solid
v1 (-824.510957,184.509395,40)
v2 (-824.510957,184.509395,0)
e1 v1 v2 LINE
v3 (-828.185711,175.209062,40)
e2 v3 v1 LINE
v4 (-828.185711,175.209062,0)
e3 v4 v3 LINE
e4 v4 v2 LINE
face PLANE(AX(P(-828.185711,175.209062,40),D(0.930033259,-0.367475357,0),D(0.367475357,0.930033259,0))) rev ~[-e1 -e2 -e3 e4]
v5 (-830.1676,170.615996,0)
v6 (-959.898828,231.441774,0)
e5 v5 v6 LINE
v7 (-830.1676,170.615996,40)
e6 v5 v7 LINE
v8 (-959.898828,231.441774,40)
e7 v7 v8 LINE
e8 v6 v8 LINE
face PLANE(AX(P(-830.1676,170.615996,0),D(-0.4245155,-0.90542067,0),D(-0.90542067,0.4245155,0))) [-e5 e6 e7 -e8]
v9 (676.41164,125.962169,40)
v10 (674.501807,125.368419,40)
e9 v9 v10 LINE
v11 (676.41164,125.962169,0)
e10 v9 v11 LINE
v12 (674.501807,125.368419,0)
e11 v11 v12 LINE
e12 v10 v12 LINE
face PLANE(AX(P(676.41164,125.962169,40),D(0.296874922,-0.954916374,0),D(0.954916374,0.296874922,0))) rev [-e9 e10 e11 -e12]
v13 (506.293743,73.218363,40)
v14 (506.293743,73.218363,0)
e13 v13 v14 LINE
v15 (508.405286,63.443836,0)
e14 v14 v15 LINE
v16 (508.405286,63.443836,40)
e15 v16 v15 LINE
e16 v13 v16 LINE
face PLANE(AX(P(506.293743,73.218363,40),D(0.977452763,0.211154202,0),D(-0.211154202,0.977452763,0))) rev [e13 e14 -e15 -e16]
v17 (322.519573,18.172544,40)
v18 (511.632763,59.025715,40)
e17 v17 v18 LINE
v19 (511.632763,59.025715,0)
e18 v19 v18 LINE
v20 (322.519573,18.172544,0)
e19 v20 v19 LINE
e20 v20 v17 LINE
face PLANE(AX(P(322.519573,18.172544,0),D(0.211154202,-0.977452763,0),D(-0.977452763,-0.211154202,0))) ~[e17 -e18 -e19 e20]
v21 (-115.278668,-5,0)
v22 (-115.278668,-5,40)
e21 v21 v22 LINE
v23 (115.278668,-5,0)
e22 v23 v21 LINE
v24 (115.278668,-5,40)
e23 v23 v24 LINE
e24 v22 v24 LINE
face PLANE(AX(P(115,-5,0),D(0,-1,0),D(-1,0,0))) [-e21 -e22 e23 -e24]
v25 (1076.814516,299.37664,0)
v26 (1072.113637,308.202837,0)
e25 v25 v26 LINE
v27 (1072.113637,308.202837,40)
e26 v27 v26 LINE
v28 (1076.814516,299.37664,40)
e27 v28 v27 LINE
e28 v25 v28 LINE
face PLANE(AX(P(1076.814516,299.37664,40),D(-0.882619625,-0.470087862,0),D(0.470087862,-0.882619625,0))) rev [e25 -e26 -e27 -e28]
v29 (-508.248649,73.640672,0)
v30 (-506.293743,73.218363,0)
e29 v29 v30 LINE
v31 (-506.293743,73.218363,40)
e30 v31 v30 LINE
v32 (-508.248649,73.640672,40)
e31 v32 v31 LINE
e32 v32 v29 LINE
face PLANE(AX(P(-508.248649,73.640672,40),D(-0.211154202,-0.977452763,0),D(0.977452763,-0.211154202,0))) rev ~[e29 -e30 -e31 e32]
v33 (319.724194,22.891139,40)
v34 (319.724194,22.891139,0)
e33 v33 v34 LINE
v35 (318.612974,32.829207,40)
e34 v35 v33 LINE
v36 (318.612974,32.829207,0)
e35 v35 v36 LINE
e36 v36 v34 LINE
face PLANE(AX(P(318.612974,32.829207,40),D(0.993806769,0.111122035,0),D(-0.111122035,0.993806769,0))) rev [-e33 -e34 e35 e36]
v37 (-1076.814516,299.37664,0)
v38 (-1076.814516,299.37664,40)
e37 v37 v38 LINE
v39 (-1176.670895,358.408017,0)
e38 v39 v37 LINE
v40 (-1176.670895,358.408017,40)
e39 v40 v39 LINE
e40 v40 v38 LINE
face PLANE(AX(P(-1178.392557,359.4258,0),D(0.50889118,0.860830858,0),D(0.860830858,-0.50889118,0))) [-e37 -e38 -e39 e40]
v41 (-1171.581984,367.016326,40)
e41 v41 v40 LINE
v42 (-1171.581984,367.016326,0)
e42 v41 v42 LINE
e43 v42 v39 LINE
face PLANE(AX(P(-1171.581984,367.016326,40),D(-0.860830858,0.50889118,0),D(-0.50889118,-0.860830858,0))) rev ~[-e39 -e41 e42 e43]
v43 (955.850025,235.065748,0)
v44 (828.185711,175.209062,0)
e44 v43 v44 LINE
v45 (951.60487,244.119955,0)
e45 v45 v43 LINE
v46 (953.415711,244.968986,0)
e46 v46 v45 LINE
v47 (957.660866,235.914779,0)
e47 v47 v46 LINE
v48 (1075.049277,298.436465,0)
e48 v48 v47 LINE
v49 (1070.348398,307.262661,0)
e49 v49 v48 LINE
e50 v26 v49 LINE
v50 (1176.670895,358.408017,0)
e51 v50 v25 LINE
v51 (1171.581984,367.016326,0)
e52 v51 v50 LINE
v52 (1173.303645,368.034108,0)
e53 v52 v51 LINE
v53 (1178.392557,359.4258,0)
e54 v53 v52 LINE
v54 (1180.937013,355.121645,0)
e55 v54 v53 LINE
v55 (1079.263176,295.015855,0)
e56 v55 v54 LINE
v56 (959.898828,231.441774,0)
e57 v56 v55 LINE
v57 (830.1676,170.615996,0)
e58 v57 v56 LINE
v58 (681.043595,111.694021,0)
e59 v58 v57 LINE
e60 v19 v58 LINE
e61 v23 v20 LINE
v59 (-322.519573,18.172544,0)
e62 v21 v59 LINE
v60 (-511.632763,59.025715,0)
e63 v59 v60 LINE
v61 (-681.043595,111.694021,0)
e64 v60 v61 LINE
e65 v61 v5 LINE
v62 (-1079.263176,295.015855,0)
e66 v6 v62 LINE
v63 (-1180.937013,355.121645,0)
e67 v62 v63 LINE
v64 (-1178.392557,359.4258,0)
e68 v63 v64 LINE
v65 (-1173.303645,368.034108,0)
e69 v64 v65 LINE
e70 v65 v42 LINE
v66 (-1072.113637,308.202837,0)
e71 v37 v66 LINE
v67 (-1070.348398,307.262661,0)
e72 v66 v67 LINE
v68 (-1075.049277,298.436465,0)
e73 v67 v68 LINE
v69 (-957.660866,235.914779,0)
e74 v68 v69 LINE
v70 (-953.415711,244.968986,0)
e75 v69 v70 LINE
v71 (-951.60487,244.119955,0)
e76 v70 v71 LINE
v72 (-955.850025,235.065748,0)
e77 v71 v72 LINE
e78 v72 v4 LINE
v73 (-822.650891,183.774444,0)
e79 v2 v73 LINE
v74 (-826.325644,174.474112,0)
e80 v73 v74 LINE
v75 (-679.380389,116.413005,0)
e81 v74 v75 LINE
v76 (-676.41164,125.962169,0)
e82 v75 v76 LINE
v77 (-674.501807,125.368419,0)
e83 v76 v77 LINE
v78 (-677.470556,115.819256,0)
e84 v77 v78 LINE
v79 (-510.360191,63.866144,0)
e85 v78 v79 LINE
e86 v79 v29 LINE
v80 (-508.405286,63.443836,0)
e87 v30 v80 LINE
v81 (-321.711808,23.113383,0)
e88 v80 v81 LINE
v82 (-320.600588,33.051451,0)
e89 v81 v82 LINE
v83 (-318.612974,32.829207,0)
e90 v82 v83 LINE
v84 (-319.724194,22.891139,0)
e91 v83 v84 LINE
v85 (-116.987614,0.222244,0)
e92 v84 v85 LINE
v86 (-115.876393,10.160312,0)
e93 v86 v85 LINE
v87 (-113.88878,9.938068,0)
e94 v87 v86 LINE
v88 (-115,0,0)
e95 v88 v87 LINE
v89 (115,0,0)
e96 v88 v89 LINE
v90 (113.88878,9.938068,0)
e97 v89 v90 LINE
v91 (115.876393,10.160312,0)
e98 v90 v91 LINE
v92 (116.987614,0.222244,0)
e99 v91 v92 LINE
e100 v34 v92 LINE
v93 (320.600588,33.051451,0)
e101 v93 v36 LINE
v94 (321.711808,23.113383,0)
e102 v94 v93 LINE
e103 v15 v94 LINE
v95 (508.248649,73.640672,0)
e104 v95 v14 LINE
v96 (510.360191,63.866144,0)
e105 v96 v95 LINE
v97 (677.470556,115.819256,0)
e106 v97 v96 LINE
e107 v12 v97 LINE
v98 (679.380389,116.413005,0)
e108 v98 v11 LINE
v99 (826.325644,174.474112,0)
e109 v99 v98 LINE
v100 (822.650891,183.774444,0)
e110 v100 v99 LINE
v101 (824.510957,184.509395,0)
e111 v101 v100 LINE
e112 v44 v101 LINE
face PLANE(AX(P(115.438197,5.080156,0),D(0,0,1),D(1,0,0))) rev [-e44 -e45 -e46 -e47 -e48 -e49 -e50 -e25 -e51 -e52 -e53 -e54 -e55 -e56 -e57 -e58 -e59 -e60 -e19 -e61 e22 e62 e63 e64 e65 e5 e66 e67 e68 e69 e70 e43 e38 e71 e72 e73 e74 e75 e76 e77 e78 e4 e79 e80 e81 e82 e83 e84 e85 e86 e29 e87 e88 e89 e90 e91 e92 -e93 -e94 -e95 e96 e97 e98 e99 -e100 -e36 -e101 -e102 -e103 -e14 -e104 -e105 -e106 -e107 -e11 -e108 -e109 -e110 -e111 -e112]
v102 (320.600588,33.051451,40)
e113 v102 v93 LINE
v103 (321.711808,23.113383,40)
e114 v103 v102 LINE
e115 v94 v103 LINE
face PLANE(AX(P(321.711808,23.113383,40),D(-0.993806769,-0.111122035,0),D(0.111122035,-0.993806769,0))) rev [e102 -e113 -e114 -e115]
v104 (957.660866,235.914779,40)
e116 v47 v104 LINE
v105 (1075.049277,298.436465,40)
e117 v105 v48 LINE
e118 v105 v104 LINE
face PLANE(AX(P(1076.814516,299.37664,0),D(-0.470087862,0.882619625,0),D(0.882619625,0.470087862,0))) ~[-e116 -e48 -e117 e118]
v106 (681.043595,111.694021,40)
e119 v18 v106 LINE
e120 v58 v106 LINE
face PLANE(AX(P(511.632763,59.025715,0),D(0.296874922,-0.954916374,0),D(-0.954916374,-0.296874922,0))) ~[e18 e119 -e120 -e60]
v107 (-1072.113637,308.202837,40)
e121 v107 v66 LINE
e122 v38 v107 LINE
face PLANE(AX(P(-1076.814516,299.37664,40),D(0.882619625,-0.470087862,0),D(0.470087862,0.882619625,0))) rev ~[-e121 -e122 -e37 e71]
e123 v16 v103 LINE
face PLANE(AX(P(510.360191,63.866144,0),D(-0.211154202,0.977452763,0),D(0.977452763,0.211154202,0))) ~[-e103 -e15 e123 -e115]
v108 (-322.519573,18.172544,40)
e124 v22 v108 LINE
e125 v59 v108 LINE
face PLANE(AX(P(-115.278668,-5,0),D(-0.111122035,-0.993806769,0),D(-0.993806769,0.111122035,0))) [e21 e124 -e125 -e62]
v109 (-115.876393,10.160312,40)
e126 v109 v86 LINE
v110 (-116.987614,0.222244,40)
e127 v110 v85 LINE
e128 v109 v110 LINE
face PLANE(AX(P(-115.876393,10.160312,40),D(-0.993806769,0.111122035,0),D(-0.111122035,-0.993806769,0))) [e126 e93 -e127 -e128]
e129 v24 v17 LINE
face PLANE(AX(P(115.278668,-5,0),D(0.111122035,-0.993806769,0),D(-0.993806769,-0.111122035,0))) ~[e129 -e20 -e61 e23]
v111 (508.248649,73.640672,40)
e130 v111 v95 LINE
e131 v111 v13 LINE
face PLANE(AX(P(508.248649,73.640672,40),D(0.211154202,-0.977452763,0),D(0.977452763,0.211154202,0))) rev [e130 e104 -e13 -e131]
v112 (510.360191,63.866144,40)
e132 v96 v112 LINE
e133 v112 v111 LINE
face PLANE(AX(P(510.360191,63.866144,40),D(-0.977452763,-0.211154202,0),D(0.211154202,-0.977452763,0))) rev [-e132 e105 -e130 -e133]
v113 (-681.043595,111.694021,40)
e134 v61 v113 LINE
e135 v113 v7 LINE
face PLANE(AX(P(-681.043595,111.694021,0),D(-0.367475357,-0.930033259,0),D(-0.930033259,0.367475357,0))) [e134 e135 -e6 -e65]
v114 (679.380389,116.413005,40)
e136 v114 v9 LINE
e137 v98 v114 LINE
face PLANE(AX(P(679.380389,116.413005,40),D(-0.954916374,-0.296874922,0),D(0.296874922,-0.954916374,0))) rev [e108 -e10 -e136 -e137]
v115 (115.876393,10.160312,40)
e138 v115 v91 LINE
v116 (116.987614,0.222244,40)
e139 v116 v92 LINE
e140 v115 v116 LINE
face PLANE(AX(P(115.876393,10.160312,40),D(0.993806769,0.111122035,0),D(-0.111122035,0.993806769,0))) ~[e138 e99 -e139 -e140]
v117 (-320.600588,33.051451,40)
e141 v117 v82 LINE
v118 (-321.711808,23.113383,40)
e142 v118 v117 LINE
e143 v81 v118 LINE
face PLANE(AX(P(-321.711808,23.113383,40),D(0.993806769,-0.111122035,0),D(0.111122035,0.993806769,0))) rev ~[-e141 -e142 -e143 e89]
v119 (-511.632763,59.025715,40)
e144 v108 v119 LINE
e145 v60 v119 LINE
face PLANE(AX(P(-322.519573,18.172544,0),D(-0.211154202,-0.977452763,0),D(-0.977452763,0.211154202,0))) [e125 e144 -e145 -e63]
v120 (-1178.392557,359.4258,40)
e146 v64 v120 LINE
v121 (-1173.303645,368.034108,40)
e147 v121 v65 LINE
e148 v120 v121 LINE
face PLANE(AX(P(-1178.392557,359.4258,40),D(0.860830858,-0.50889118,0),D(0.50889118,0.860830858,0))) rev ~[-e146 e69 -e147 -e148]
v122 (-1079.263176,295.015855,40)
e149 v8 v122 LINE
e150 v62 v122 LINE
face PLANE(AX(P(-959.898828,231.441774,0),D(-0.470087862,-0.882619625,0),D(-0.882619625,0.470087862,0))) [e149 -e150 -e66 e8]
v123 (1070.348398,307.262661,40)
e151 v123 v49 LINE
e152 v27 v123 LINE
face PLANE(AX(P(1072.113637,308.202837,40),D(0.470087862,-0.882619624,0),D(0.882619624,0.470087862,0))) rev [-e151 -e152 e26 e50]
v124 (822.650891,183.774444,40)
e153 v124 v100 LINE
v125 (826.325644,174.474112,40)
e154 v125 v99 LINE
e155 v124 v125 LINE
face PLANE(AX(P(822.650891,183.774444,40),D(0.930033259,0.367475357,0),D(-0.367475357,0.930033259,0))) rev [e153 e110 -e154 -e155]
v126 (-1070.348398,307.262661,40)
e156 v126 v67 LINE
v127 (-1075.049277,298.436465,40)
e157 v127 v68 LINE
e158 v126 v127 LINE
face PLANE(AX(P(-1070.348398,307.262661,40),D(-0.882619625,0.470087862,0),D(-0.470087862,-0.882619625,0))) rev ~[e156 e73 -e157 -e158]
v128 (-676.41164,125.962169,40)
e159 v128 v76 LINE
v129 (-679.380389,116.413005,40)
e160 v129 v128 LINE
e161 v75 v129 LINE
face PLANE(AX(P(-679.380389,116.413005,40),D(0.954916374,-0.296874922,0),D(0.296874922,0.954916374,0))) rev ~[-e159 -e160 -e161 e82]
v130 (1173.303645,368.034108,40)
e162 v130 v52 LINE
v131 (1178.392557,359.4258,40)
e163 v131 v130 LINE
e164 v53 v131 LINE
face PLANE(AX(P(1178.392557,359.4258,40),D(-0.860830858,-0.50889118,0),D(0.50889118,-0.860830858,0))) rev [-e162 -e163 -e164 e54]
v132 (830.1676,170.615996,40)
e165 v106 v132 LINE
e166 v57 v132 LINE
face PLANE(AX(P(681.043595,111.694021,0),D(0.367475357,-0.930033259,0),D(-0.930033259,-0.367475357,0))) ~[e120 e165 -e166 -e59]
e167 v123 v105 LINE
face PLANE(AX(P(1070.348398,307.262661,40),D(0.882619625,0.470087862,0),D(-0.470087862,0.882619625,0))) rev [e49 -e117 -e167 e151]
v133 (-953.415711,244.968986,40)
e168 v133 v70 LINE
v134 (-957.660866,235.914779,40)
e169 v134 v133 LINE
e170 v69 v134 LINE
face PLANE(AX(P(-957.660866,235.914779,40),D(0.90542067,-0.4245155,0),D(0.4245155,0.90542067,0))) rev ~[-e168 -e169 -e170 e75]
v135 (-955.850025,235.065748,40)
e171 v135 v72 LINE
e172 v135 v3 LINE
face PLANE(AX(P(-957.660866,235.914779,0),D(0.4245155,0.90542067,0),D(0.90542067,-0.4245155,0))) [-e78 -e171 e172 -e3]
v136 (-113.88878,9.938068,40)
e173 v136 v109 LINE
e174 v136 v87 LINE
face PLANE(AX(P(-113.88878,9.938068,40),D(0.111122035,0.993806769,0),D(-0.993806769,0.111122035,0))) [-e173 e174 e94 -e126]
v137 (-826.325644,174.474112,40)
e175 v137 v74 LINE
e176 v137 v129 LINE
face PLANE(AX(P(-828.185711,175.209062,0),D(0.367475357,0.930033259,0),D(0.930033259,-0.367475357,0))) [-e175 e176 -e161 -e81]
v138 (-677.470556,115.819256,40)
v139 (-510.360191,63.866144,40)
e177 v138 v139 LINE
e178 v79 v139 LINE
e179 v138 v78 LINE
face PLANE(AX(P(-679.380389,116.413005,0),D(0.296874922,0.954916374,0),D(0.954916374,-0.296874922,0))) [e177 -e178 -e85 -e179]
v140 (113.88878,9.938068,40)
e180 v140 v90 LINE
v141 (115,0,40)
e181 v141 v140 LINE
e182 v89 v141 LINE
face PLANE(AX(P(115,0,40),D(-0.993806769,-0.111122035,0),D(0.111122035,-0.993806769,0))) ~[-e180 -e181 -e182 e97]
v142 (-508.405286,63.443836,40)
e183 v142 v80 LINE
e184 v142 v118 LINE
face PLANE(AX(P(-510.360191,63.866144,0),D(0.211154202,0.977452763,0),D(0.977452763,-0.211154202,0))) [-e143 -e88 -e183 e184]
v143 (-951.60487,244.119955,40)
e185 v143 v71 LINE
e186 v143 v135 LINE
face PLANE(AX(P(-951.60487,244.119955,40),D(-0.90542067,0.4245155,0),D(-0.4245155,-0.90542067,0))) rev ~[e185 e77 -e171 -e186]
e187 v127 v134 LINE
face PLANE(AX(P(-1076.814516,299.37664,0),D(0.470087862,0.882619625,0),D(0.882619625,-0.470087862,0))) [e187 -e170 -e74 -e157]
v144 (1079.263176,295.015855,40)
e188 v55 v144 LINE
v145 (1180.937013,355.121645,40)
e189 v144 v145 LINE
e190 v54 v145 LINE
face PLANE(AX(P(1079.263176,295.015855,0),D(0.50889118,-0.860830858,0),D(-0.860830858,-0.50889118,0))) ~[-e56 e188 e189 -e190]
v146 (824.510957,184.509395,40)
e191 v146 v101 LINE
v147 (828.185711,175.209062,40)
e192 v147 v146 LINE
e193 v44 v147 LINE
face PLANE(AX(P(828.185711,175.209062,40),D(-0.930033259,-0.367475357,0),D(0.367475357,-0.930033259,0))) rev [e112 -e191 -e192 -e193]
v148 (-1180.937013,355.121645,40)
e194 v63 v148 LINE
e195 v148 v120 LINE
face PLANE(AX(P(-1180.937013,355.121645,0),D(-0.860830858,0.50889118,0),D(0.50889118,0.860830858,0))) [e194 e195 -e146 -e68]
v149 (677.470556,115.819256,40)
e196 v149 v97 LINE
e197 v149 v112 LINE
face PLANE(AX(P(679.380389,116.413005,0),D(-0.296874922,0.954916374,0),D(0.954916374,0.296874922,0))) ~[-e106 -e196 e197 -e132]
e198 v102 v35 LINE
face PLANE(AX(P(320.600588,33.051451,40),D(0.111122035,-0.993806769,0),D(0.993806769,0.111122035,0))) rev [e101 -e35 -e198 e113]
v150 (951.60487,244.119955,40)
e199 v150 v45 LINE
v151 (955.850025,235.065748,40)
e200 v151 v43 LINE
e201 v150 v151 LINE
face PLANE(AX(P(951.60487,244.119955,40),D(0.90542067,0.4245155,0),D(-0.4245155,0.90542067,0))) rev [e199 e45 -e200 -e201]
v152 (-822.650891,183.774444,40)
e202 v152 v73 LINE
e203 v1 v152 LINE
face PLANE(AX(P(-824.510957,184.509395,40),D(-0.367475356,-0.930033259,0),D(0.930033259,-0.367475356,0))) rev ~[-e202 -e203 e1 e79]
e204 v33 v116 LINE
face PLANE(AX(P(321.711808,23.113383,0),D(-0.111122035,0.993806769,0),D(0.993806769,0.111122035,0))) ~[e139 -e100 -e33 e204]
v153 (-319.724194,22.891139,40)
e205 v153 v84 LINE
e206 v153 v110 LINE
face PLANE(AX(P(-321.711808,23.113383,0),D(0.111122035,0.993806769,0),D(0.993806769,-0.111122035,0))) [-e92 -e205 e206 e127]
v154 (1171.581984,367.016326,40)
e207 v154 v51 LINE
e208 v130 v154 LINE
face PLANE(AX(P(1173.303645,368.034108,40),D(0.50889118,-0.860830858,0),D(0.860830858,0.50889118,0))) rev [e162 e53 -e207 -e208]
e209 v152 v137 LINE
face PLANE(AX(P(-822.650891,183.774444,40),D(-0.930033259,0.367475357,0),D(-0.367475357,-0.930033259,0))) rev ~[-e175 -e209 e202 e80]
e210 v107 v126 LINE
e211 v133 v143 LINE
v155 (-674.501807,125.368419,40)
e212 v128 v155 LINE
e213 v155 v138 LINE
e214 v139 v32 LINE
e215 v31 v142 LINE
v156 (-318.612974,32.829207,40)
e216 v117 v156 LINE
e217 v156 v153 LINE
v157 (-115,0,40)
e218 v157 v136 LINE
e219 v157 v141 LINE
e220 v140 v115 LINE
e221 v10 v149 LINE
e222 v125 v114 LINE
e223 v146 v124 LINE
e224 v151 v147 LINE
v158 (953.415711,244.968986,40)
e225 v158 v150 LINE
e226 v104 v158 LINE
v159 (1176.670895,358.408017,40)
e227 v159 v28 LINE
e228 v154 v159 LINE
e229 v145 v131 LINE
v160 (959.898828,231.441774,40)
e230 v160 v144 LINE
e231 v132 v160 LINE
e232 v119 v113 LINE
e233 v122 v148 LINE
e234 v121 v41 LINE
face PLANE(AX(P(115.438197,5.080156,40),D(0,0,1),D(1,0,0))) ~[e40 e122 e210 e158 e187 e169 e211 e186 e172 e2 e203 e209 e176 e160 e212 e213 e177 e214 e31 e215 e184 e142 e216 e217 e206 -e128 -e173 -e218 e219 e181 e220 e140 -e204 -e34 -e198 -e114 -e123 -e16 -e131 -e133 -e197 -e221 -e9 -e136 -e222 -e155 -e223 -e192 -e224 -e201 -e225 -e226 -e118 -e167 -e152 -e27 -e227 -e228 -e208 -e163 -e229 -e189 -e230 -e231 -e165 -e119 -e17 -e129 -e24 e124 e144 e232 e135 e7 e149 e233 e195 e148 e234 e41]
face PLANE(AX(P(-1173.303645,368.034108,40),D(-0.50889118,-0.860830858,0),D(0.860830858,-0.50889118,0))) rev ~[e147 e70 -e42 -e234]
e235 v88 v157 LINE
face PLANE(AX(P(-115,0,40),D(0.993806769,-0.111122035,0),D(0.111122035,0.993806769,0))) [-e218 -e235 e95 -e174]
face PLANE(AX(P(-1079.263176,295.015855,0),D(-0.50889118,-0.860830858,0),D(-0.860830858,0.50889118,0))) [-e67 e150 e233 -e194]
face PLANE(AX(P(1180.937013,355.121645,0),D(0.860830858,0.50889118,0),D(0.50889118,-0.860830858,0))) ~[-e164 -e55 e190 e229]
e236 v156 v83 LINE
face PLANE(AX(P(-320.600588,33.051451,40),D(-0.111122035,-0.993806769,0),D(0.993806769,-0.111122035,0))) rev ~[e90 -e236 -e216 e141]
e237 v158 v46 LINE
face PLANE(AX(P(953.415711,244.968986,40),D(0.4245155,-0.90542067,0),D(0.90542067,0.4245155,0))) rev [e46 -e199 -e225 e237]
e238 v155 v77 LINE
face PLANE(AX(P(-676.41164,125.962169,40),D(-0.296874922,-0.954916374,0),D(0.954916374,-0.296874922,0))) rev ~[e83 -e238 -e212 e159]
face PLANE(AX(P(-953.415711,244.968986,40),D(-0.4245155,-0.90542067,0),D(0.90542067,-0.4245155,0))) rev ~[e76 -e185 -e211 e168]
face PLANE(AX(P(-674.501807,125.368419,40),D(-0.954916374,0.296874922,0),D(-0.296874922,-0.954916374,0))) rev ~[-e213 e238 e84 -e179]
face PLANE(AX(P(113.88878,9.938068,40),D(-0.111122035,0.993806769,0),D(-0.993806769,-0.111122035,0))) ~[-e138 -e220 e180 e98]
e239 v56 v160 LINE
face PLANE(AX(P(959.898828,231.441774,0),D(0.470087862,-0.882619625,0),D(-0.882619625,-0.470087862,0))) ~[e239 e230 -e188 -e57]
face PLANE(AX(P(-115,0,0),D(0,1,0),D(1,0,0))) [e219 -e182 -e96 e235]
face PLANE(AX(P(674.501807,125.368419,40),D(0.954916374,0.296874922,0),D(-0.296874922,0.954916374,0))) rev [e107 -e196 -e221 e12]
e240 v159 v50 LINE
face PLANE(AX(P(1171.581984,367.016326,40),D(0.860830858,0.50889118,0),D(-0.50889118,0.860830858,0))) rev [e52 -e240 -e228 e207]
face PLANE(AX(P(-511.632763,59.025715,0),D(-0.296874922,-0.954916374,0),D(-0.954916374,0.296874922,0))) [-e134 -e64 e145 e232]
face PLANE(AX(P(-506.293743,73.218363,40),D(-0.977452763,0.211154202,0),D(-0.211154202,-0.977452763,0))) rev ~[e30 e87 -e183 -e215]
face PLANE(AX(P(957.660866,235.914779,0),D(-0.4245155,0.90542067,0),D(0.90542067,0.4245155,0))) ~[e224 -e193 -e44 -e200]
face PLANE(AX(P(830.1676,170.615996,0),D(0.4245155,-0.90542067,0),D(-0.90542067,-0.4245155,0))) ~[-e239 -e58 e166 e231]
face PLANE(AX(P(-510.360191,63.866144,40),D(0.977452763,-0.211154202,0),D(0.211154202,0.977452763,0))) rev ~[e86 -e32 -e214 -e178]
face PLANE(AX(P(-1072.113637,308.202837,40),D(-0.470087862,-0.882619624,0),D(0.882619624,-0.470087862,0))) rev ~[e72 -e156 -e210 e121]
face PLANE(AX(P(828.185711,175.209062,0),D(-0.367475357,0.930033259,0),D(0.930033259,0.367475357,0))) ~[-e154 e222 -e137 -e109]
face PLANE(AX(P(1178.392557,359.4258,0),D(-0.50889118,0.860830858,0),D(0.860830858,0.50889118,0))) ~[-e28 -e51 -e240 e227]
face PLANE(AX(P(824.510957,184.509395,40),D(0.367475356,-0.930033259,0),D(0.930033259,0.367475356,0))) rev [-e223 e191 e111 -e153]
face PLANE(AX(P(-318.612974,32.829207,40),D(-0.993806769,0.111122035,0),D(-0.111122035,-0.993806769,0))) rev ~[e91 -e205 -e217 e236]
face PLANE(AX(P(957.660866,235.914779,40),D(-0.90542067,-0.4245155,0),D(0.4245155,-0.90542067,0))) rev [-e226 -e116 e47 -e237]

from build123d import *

# Parameters (mm, degrees)
EXTRUDE_1_DEPTH = 40
EXTRUDE_2_DEPTH = 40


with BuildPart() as part:
    # 草图1 → 凸台-拉伸1 (new body)
    with BuildSketch(Plane.XY):
        Polygon((-115, 0), (115, 0), (115, -5), (-115.278668015, -5), (-322.519573187, 18.17254404), (-511.63276316, 59.025714898), (-681.043594869, 111.694020512), (-830.167599932, 170.615996068), (-959.898827689, 231.441774436), (-1079.263175746, 295.015855057), (-1180.937012969, 355.121645311), (-1178.392557068, 359.425799603), (-1076.814515779, 299.376640342), (-957.66086644, 235.914778968), (-828.185710586, 175.209062462), (-679.380389192, 116.413005408), (-510.360191041, 63.866144258), (-321.711807872, 23.113383276), align=None)
    extrude_1 = extrude(amount=EXTRUDE_1_DEPTH)

    # 草图2 → 凸台-拉伸2 (add)
    with BuildSketch(Plane.XY.offset(40)):
        Polygon((-115, 0), (-113.88877965, 9.938067686), (-115.876393187, 10.160311756), (-116.987613537, 0.22224407), align=None)
        Polygon((-321.711807872, 23.113383276), (-320.600587522, 33.051450962), (-318.612973985, 32.829206892), (-319.724194334, 22.891139206), align=None)
        Polygon((-510.360191041, 63.866144258), (-508.248649021, 73.640671883), (-506.293743496, 73.21836348), (-508.405285516, 63.443835854), align=None)
        Polygon((-679.380389192, 116.413005408), (-676.411639975, 125.962169146), (-674.501807228, 125.368419302), (-677.470556445, 115.819255565), align=None)
        Polygon((-828.185710586, 175.209062462), (-824.51095702, 184.509395049), (-822.650890502, 183.774444336), (-826.325644068, 174.474111749), align=None)
        Polygon((-957.66086644, 235.914778968), (-953.41571144, 244.968985671), (-951.604870099, 244.119954671), (-955.850025099, 235.065747968), align=None)
        Polygon((-1076.814515779, 299.376640342), (-1072.113637159, 308.20283659), (-1070.34839791, 307.262660865), (-1075.04927653, 298.436464618), align=None)
        Polygon((-1178.392557068, 359.425799603), (-1173.303645267, 368.034108187), (-1171.58198355, 367.016325826), (-1176.670895352, 358.408017242), align=None)
    extrude_2 = extrude(amount=-EXTRUDE_2_DEPTH)

    # 镜向1: 凸台-拉伸1, 凸台-拉伸2 across plane
    add(extrude_1.mirror(Plane(origin=(0, 0, 0), x_dir=(0, 0, 1), z_dir=(1, 0, 0))))
    add(extrude_2.mirror(Plane(origin=(0, 0, 0), x_dir=(0, 0, 1), z_dir=(1, 0, 0))))


solid = part.part
